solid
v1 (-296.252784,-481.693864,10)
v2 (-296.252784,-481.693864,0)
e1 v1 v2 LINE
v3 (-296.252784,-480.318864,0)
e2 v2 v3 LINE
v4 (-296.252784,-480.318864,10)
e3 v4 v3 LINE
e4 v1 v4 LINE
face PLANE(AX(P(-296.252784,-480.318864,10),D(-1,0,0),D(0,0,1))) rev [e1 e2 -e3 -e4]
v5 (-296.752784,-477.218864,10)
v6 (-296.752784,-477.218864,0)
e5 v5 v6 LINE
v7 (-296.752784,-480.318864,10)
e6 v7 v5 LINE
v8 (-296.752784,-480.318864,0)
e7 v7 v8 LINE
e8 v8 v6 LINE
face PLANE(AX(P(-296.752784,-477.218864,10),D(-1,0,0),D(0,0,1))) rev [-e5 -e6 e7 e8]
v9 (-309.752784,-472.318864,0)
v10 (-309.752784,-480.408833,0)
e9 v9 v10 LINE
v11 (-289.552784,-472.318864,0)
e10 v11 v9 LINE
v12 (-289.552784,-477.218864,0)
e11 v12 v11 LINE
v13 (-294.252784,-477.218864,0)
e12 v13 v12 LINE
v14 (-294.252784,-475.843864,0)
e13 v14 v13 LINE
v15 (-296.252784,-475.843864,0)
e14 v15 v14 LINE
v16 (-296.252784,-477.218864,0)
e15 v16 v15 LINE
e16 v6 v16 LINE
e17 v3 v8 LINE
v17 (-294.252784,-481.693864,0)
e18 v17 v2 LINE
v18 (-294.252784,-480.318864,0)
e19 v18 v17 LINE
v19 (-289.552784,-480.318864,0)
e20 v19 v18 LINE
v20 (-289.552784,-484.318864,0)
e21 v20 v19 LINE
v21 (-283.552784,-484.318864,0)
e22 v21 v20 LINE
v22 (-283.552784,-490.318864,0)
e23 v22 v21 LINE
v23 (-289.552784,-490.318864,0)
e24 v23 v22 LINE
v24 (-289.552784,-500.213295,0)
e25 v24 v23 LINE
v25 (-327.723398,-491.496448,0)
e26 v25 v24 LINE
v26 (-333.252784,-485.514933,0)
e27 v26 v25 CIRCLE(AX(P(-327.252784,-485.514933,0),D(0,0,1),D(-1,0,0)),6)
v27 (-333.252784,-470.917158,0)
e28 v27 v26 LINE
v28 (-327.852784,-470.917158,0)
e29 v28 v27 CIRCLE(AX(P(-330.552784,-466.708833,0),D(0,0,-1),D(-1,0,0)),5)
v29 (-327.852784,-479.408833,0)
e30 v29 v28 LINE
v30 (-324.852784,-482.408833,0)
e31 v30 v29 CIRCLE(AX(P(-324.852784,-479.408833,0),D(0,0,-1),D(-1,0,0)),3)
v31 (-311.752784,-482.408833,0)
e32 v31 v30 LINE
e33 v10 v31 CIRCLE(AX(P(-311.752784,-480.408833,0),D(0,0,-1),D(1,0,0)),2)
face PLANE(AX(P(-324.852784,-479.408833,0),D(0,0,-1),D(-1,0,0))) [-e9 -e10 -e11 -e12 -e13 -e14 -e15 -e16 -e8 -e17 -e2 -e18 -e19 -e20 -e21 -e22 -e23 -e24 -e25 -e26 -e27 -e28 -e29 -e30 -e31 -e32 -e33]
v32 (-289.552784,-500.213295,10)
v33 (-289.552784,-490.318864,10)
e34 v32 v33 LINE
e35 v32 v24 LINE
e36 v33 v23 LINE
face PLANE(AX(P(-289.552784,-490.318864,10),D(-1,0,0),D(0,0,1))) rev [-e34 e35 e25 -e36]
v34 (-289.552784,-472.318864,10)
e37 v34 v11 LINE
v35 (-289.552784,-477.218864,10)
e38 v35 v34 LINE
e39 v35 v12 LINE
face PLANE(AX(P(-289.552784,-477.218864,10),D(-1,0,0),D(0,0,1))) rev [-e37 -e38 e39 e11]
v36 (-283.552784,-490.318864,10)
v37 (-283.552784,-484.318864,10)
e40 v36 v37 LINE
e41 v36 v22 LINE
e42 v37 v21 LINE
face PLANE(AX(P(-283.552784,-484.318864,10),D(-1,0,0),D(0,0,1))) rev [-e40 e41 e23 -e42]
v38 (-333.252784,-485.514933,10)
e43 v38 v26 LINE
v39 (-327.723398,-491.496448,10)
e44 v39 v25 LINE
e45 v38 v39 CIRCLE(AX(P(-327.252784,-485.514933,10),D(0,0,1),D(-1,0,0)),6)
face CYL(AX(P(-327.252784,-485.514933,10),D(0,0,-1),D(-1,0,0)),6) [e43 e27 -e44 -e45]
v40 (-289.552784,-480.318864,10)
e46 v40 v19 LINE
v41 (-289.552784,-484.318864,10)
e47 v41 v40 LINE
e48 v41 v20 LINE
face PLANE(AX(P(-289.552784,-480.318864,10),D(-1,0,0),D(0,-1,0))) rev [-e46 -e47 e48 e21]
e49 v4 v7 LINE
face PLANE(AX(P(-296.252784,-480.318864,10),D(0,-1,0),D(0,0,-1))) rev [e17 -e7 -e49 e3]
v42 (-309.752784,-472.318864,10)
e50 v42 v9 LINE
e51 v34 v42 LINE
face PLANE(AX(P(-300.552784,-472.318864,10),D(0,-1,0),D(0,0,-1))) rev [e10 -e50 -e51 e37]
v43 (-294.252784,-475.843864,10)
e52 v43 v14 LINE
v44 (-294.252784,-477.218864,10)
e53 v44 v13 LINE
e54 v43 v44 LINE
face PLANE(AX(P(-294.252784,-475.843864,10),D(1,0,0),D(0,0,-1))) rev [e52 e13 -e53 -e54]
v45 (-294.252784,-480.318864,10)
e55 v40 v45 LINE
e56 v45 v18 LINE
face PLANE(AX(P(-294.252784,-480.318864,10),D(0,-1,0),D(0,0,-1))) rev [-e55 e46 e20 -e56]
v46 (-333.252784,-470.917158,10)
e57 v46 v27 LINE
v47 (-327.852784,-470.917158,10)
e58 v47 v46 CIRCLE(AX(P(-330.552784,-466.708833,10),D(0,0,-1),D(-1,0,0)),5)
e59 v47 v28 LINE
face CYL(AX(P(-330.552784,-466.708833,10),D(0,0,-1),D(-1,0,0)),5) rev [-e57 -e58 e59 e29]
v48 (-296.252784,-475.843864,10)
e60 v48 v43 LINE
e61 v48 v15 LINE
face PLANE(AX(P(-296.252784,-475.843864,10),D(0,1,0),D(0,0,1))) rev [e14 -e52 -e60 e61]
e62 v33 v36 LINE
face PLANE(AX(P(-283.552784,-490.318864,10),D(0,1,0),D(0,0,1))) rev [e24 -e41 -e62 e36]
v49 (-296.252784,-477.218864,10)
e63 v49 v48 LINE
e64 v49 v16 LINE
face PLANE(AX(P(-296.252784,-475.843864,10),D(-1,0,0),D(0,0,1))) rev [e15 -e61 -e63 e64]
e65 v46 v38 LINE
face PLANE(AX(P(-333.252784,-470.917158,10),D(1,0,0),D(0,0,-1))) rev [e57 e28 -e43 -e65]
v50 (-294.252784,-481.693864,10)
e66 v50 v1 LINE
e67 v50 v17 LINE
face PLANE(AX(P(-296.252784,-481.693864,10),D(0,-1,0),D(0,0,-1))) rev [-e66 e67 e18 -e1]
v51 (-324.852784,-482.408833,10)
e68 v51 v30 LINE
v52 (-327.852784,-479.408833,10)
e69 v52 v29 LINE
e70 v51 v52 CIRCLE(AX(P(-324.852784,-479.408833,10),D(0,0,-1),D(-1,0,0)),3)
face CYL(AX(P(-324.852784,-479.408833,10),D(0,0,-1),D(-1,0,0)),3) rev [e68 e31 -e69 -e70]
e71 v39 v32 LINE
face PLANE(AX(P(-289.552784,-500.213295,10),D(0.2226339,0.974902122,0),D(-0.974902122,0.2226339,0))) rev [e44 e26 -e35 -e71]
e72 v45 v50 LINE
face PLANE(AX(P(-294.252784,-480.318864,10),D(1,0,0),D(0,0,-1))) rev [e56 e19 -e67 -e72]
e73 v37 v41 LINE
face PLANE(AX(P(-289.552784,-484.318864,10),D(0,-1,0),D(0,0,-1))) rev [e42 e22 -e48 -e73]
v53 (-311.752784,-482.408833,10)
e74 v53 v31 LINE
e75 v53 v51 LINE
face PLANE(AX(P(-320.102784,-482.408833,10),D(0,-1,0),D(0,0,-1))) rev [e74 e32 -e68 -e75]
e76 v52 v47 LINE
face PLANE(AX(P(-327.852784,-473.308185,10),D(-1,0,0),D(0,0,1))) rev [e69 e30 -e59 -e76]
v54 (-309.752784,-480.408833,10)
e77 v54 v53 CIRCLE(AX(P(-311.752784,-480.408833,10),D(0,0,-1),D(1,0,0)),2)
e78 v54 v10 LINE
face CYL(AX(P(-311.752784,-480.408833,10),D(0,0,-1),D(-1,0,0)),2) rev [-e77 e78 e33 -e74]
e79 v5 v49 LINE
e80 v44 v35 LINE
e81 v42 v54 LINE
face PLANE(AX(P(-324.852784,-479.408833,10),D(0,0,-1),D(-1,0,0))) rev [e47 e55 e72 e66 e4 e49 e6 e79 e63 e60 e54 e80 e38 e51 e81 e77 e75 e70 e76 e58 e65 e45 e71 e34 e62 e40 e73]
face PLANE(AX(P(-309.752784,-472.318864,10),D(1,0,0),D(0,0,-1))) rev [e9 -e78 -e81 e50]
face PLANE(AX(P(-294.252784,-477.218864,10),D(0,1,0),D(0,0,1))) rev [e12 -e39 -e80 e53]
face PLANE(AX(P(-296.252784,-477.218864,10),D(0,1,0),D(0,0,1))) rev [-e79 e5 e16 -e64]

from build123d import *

# Parameters (mm, degrees)
DODANIE_WYCI_GNI_CIE1_DEPTH = 10


with BuildPart() as part:
    # Szkic1 → Dodanie-wyciągnięcie1 (new body)
    with BuildSketch(Plane.XY):
        with BuildLine():
            Line((-327.852783983, -473.3081849), (-327.852783983, -478.408833405))
            Line((-327.852783983, -478.408833405), (-327.852783983, -479.408833405))
            ThreePointArc((-327.852783983, -479.408833405), (-326.974104327, -481.530153749), (-324.852783983, -482.408833405))
            Line((-324.852783983, -482.408833405), (-320.102783983, -482.408833405))
            Line((-320.102783983, -482.408833405), (-311.752783983, -482.408833405))
            ThreePointArc((-311.752783983, -482.408833405), (-310.338570421, -481.823046968), (-309.752783983, -480.408833405))
            Line((-309.752783983, -480.408833405), (-309.752783983, -472.318864182))
            Line((-309.752783983, -472.318864182), (-300.552783983, -472.318864182))
            Line((-300.552783983, -472.318864182), (-289.552783983, -472.318864182))
            Line((-289.552783983, -472.318864182), (-289.552783983, -477.218864182))
            Line((-289.552783983, -477.218864182), (-294.252783983, -477.218864182))
            Line((-294.252783983, -477.218864182), (-294.252783983, -475.843864182))
            Line((-294.252783983, -475.843864182), (-296.252783983, -475.843864182))
            Line((-296.252783983, -475.843864182), (-296.252783983, -477.218864182))
            Line((-296.252783983, -477.218864182), (-296.752783983, -477.218864182))
            Line((-296.752783983, -477.218864182), (-296.752783983, -480.318864182))
            Line((-296.752783983, -480.318864182), (-296.252783983, -480.318864182))
            Line((-296.252783983, -480.318864182), (-296.252783983, -481.693864182))
            Line((-296.252783983, -481.693864182), (-294.252783983, -481.693864182))
            Line((-294.252783983, -481.693864182), (-294.252783983, -480.318864182))
            Line((-294.252783983, -480.318864182), (-289.552783983, -480.318864182))
            Line((-289.552783983, -480.318864182), (-289.552783983, -484.318864182))
            Line((-289.552783983, -484.318864182), (-283.552783983, -484.318864182))
            Line((-283.552783983, -484.318864182), (-283.552783983, -490.318864182))
            Line((-283.552783983, -490.318864182), (-289.552783983, -490.318864182))
            Line((-289.552783983, -490.318864182), (-289.552783983, -494.315935469))
            Line((-289.552783983, -494.315935469), (-289.552783983, -500.21329504))
            Line((-289.552783983, -500.21329504), (-327.723397777, -491.496448064))
            ThreePointArc((-327.723397777, -491.496448064), (-331.658671111, -489.587789306), (-333.252783983, -485.514932984))
            Line((-333.252783983, -485.514932984), (-333.252783983, -470.917158488))
            ThreePointArc((-333.252783983, -470.917158488), (-330.552783983, -471.708833405), (-327.852783983, -470.917158488))
            Line((-327.852783983, -470.917158488), (-327.852783983, -473.3081849))
        make_face()
    extrude(amount=DODANIE_WYCI_GNI_CIE1_DEPTH)


solid = part.part
